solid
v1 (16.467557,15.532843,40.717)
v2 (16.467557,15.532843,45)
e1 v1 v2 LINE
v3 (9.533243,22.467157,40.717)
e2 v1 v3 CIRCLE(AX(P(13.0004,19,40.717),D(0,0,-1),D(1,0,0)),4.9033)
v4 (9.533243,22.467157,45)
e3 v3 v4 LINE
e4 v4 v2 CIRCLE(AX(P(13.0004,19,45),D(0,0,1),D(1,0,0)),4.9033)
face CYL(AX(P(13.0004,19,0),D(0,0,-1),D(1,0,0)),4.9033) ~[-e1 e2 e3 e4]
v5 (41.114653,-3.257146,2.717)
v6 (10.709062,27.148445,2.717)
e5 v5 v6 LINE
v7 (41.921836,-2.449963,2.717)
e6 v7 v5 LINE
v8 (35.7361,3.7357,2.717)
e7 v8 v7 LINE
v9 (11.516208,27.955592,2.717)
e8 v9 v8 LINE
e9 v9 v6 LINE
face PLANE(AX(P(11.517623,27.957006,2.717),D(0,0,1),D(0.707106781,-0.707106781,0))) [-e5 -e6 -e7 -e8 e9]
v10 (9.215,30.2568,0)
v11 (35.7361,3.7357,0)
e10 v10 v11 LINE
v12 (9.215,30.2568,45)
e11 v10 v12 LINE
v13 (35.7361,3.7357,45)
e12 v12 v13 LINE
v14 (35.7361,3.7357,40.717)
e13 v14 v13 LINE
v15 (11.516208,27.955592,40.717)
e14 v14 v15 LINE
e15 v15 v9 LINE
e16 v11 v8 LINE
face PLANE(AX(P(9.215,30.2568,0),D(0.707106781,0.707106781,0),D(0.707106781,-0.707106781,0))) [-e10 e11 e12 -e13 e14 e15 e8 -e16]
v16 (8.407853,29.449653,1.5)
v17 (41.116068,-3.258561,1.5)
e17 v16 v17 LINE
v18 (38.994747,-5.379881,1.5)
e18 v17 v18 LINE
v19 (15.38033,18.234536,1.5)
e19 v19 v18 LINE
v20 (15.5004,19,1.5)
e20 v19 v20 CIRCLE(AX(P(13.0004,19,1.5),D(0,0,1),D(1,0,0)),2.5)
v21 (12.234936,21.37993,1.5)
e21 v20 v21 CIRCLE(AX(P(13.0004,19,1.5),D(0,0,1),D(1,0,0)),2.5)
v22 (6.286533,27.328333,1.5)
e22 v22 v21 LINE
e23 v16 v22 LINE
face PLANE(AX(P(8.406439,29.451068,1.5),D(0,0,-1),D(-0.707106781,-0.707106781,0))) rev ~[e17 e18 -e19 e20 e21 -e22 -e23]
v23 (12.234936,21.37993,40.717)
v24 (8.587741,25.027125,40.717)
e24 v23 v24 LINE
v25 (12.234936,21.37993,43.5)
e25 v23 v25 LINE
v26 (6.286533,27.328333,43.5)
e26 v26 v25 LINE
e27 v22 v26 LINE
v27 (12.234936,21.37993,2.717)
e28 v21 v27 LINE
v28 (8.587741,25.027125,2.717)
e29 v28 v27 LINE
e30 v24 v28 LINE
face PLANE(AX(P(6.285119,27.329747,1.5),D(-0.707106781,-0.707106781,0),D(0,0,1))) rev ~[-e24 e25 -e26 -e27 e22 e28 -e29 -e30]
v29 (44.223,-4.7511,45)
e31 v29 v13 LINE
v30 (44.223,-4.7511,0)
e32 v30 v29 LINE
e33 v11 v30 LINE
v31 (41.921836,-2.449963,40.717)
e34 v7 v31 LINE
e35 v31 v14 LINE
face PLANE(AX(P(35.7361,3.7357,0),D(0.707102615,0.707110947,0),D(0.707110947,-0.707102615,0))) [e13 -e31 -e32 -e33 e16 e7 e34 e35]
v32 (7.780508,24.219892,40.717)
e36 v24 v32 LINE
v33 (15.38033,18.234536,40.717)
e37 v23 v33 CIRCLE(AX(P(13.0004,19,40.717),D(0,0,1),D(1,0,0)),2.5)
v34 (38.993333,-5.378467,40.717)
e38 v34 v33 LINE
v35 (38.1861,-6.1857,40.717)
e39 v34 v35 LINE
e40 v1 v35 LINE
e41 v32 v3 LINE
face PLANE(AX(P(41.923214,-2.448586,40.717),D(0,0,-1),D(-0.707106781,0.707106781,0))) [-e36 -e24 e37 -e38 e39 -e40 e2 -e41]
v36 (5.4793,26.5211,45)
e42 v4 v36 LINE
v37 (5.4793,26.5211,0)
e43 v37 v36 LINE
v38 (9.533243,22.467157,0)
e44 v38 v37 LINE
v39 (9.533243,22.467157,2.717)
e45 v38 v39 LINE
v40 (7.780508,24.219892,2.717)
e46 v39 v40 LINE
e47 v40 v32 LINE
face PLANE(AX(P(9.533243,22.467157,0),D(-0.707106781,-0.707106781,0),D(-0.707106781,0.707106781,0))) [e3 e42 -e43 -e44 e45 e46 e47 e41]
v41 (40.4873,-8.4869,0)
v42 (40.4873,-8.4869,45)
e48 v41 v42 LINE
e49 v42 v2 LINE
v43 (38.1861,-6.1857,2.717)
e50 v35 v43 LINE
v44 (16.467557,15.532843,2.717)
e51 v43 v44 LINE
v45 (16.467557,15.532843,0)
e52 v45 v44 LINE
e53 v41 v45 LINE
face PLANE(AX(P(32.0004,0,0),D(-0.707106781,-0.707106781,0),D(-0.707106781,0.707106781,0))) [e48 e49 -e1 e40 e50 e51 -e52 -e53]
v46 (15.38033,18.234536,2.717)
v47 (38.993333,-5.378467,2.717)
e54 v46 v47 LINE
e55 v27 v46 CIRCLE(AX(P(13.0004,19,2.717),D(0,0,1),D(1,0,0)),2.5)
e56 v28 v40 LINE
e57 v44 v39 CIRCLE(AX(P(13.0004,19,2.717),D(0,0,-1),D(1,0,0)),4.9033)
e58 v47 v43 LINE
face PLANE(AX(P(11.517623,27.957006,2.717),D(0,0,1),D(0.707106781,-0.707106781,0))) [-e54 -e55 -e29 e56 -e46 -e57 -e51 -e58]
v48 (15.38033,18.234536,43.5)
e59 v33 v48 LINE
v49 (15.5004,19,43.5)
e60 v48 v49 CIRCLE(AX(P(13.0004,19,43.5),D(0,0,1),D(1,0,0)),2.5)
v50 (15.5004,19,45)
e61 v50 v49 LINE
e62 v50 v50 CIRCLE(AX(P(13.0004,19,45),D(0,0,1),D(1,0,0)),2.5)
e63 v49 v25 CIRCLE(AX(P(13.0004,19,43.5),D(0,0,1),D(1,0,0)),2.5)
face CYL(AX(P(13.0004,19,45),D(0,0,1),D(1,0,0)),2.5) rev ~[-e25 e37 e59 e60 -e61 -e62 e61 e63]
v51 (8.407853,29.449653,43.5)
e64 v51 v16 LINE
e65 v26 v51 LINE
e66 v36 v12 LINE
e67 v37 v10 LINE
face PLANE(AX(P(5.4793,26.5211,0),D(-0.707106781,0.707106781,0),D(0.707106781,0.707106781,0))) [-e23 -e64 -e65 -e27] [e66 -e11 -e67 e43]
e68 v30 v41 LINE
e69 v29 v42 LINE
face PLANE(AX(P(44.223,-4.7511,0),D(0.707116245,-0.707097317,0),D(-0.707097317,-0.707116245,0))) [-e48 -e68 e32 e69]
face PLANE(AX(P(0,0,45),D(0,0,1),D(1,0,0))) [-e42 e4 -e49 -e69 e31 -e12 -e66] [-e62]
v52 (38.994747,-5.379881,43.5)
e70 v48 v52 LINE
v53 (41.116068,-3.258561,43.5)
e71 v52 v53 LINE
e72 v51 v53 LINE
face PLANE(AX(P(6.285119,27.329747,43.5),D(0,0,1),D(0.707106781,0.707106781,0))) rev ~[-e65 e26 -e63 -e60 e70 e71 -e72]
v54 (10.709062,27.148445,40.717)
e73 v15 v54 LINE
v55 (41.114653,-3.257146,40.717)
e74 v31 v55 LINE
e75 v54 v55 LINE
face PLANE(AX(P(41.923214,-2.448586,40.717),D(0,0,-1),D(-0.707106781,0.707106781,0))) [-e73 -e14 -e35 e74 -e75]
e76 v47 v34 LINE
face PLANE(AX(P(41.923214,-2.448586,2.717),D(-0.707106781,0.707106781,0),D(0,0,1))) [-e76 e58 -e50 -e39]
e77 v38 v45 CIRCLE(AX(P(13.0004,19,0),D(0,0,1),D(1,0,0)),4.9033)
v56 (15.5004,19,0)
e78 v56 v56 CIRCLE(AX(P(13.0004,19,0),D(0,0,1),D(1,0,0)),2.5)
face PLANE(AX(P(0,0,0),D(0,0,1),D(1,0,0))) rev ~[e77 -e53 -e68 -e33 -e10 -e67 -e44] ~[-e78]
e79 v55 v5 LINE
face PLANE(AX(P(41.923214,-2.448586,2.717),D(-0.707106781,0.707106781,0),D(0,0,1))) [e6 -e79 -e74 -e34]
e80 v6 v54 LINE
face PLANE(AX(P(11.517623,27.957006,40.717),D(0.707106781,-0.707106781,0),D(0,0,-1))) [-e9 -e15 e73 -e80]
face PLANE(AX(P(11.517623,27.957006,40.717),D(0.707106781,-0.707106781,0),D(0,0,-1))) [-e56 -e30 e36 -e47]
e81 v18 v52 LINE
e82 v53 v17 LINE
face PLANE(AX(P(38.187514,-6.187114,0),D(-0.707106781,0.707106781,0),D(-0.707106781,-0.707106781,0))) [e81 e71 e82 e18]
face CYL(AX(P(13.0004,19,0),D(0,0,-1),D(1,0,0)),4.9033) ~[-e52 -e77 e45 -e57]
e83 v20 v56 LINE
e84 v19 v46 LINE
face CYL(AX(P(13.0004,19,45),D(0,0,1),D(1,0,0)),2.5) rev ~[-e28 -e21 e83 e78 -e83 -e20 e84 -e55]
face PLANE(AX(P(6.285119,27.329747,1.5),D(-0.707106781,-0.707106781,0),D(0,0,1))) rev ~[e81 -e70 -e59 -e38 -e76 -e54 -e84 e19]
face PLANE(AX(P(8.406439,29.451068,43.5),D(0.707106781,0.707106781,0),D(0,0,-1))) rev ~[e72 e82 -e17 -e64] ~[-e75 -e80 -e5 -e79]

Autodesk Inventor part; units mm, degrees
ref_plane "YZ Plane" through (0, 0, 0) normal (1, 0, 0) x (0, 1, 0)
ref_plane "XZ Plane" through (0, 0, 0) normal (0, 1, 0) x (-1, 0, 0)
ref_plane "XY Plane" through (0, 0, 0) normal (0, 0, 1) x (1, 0, 0)
sketch "Skizze1" plane through (0, 0, 0) normal (0, 0, 1) x (1, 0, 0)
  circle A0 centre (13.0004, 19) radius 2.5 projected
  arc A1 (45.6946, 0) -> (10.6946, 35) centre (10.6946, 0) ccw projected
  line L0 (-4, 35) -> (10.6946, 35) projected
  line L1 (-4, 0) -> (-4, 35) projected
  line L2 (45.6946, 0) -> (-4, 0) projected
  line L3 (13.0004, -80.4986) -> (13.0004, 19) construction
  line L4 (13.0004, 19) -> (-57.6019, 19) construction
  line L5 (13.0004, 19) -> (40.4873, -8.4869) construction
  line L6 (13.0004, 19) -> (51.8727, 19) construction
  line L7 (32.0004, 0) -> (5.4793, 26.5211)
  line L8 (5.4793, 26.5211) -> (9.215, 30.2568)
  line L9 (9.215, 30.2568) -> (35.7361, 3.7357)
  line L10 (35.7361, 3.7357) -> (32.0004, 0)
  circle A2 centre (13.0004, 19) radius 4.9033
  line L11 (32.0004, 0) -> (35.7361, 3.7357)
  line L12 (35.7361, 3.7357) -> (44.223, -4.7511)
  line L13 (44.223, -4.7511) -> (40.4873, -8.4869)
  line L14 (40.4873, -8.4869) -> (32.0004, 0)
  point P0 (0, 0)
  dimension "d0" = 45
extrude "Extrusion1" add sketch "Skizze1" along normal blind 45 contours A0 L7 | A0 L7 A2 | L7 A0 | A0 L7 A2 | L7 L8 L9 L10 A2 | L10 L12 L2 | L2 L12 L13 L14
sketch "Skizze2" plane through (0, 0, 45) normal (0, 0, 1) x (1, 0, 0)
  circle A0 centre (13.0004, 19) radius 2.5 projected
  point P0 (0, 0)
extrude "Extrusion2" cut sketch "Skizze2" against normal through all
sketch "Skizze3" plane through (9.215, 30.2568, 0) normal (0.7071, 0.7071, 0) x (-0.7071, 0.7071, 0)
  point P0 (-14.8788, 0)
sketch "Skizze4" plane through (9.215, 30.2568, 0) normal (0.7071, 0.7071, 0) x (-0.7071, 0.7071, 0)
  line L0 (-49.5087, 0) -> (0, 0) projected
  line L1 (0, 0) -> (0, 45) projected
  line L2 (-49.5087, 45) -> (0, 45) projected
  line L3 (-49.5087, 0) -> (-49.5087, 45) projected
  line L4 (-3.2544, 2.717) -> (-46.2544, 2.717)
  line L5 (-46.2544, 2.717) -> (-46.2544, 40.717)
  line L6 (-46.2544, 40.717) -> (-3.2544, 40.717)
  line L7 (-3.2544, 40.717) -> (-3.2544, 2.717)
  line L8 (-3.2544, 2.717) -> (-46.2544, 40.717) construction
  line L9 (-46.2544, 2.717) -> (-3.2544, 40.717) construction
  point P0 (-14.8788, 0)
  point P1 (-24.7544, 21.717)
  dimension "d5" = 43
  dimension "d6" = 38
extrude "Extrusion3" cut sketch "Skizze4" against normal blind 12 contours L4 L5 L6 L7
sketch "Skizze6" plane through (5.4793, 26.5211, 0) normal (-0.7071, 0.7071, 0) x (-0.7071, -0.7071, 0)
  line L0 (-5.2831, 0) -> (0, 0) projected
  line L1 (0, 0) -> (0, 45) projected
  line L2 (-5.2831, 45) -> (0, 45) projected
  line L3 (-5.2831, 0) -> (-5.2831, 45) projected
  line L4 (-4.1416, 1.5) -> (-1.1416, 1.5)
  line L5 (-1.1416, 1.5) -> (-1.1416, 43.5)
  line L6 (-1.1416, 43.5) -> (-4.1416, 43.5)
  line L7 (-4.1416, 43.5) -> (-4.1416, 1.5)
  line L8 (-4.1416, 1.5) -> (-1.1416, 43.5) construction
  line L9 (-1.1416, 1.5) -> (-4.1416, 43.5) construction
  point P0 (22.6277, 0)
  point P1 (-2.6416, 22.5)
  dimension "d11" = 3
  dimension "d12" = 42
extrude "Extrusion5" cut sketch "Skizze6" against normal up to surface (46.2544 mm away) contours L7 L6 L5 L4
properties part number "17_Spiegelhalterung"
